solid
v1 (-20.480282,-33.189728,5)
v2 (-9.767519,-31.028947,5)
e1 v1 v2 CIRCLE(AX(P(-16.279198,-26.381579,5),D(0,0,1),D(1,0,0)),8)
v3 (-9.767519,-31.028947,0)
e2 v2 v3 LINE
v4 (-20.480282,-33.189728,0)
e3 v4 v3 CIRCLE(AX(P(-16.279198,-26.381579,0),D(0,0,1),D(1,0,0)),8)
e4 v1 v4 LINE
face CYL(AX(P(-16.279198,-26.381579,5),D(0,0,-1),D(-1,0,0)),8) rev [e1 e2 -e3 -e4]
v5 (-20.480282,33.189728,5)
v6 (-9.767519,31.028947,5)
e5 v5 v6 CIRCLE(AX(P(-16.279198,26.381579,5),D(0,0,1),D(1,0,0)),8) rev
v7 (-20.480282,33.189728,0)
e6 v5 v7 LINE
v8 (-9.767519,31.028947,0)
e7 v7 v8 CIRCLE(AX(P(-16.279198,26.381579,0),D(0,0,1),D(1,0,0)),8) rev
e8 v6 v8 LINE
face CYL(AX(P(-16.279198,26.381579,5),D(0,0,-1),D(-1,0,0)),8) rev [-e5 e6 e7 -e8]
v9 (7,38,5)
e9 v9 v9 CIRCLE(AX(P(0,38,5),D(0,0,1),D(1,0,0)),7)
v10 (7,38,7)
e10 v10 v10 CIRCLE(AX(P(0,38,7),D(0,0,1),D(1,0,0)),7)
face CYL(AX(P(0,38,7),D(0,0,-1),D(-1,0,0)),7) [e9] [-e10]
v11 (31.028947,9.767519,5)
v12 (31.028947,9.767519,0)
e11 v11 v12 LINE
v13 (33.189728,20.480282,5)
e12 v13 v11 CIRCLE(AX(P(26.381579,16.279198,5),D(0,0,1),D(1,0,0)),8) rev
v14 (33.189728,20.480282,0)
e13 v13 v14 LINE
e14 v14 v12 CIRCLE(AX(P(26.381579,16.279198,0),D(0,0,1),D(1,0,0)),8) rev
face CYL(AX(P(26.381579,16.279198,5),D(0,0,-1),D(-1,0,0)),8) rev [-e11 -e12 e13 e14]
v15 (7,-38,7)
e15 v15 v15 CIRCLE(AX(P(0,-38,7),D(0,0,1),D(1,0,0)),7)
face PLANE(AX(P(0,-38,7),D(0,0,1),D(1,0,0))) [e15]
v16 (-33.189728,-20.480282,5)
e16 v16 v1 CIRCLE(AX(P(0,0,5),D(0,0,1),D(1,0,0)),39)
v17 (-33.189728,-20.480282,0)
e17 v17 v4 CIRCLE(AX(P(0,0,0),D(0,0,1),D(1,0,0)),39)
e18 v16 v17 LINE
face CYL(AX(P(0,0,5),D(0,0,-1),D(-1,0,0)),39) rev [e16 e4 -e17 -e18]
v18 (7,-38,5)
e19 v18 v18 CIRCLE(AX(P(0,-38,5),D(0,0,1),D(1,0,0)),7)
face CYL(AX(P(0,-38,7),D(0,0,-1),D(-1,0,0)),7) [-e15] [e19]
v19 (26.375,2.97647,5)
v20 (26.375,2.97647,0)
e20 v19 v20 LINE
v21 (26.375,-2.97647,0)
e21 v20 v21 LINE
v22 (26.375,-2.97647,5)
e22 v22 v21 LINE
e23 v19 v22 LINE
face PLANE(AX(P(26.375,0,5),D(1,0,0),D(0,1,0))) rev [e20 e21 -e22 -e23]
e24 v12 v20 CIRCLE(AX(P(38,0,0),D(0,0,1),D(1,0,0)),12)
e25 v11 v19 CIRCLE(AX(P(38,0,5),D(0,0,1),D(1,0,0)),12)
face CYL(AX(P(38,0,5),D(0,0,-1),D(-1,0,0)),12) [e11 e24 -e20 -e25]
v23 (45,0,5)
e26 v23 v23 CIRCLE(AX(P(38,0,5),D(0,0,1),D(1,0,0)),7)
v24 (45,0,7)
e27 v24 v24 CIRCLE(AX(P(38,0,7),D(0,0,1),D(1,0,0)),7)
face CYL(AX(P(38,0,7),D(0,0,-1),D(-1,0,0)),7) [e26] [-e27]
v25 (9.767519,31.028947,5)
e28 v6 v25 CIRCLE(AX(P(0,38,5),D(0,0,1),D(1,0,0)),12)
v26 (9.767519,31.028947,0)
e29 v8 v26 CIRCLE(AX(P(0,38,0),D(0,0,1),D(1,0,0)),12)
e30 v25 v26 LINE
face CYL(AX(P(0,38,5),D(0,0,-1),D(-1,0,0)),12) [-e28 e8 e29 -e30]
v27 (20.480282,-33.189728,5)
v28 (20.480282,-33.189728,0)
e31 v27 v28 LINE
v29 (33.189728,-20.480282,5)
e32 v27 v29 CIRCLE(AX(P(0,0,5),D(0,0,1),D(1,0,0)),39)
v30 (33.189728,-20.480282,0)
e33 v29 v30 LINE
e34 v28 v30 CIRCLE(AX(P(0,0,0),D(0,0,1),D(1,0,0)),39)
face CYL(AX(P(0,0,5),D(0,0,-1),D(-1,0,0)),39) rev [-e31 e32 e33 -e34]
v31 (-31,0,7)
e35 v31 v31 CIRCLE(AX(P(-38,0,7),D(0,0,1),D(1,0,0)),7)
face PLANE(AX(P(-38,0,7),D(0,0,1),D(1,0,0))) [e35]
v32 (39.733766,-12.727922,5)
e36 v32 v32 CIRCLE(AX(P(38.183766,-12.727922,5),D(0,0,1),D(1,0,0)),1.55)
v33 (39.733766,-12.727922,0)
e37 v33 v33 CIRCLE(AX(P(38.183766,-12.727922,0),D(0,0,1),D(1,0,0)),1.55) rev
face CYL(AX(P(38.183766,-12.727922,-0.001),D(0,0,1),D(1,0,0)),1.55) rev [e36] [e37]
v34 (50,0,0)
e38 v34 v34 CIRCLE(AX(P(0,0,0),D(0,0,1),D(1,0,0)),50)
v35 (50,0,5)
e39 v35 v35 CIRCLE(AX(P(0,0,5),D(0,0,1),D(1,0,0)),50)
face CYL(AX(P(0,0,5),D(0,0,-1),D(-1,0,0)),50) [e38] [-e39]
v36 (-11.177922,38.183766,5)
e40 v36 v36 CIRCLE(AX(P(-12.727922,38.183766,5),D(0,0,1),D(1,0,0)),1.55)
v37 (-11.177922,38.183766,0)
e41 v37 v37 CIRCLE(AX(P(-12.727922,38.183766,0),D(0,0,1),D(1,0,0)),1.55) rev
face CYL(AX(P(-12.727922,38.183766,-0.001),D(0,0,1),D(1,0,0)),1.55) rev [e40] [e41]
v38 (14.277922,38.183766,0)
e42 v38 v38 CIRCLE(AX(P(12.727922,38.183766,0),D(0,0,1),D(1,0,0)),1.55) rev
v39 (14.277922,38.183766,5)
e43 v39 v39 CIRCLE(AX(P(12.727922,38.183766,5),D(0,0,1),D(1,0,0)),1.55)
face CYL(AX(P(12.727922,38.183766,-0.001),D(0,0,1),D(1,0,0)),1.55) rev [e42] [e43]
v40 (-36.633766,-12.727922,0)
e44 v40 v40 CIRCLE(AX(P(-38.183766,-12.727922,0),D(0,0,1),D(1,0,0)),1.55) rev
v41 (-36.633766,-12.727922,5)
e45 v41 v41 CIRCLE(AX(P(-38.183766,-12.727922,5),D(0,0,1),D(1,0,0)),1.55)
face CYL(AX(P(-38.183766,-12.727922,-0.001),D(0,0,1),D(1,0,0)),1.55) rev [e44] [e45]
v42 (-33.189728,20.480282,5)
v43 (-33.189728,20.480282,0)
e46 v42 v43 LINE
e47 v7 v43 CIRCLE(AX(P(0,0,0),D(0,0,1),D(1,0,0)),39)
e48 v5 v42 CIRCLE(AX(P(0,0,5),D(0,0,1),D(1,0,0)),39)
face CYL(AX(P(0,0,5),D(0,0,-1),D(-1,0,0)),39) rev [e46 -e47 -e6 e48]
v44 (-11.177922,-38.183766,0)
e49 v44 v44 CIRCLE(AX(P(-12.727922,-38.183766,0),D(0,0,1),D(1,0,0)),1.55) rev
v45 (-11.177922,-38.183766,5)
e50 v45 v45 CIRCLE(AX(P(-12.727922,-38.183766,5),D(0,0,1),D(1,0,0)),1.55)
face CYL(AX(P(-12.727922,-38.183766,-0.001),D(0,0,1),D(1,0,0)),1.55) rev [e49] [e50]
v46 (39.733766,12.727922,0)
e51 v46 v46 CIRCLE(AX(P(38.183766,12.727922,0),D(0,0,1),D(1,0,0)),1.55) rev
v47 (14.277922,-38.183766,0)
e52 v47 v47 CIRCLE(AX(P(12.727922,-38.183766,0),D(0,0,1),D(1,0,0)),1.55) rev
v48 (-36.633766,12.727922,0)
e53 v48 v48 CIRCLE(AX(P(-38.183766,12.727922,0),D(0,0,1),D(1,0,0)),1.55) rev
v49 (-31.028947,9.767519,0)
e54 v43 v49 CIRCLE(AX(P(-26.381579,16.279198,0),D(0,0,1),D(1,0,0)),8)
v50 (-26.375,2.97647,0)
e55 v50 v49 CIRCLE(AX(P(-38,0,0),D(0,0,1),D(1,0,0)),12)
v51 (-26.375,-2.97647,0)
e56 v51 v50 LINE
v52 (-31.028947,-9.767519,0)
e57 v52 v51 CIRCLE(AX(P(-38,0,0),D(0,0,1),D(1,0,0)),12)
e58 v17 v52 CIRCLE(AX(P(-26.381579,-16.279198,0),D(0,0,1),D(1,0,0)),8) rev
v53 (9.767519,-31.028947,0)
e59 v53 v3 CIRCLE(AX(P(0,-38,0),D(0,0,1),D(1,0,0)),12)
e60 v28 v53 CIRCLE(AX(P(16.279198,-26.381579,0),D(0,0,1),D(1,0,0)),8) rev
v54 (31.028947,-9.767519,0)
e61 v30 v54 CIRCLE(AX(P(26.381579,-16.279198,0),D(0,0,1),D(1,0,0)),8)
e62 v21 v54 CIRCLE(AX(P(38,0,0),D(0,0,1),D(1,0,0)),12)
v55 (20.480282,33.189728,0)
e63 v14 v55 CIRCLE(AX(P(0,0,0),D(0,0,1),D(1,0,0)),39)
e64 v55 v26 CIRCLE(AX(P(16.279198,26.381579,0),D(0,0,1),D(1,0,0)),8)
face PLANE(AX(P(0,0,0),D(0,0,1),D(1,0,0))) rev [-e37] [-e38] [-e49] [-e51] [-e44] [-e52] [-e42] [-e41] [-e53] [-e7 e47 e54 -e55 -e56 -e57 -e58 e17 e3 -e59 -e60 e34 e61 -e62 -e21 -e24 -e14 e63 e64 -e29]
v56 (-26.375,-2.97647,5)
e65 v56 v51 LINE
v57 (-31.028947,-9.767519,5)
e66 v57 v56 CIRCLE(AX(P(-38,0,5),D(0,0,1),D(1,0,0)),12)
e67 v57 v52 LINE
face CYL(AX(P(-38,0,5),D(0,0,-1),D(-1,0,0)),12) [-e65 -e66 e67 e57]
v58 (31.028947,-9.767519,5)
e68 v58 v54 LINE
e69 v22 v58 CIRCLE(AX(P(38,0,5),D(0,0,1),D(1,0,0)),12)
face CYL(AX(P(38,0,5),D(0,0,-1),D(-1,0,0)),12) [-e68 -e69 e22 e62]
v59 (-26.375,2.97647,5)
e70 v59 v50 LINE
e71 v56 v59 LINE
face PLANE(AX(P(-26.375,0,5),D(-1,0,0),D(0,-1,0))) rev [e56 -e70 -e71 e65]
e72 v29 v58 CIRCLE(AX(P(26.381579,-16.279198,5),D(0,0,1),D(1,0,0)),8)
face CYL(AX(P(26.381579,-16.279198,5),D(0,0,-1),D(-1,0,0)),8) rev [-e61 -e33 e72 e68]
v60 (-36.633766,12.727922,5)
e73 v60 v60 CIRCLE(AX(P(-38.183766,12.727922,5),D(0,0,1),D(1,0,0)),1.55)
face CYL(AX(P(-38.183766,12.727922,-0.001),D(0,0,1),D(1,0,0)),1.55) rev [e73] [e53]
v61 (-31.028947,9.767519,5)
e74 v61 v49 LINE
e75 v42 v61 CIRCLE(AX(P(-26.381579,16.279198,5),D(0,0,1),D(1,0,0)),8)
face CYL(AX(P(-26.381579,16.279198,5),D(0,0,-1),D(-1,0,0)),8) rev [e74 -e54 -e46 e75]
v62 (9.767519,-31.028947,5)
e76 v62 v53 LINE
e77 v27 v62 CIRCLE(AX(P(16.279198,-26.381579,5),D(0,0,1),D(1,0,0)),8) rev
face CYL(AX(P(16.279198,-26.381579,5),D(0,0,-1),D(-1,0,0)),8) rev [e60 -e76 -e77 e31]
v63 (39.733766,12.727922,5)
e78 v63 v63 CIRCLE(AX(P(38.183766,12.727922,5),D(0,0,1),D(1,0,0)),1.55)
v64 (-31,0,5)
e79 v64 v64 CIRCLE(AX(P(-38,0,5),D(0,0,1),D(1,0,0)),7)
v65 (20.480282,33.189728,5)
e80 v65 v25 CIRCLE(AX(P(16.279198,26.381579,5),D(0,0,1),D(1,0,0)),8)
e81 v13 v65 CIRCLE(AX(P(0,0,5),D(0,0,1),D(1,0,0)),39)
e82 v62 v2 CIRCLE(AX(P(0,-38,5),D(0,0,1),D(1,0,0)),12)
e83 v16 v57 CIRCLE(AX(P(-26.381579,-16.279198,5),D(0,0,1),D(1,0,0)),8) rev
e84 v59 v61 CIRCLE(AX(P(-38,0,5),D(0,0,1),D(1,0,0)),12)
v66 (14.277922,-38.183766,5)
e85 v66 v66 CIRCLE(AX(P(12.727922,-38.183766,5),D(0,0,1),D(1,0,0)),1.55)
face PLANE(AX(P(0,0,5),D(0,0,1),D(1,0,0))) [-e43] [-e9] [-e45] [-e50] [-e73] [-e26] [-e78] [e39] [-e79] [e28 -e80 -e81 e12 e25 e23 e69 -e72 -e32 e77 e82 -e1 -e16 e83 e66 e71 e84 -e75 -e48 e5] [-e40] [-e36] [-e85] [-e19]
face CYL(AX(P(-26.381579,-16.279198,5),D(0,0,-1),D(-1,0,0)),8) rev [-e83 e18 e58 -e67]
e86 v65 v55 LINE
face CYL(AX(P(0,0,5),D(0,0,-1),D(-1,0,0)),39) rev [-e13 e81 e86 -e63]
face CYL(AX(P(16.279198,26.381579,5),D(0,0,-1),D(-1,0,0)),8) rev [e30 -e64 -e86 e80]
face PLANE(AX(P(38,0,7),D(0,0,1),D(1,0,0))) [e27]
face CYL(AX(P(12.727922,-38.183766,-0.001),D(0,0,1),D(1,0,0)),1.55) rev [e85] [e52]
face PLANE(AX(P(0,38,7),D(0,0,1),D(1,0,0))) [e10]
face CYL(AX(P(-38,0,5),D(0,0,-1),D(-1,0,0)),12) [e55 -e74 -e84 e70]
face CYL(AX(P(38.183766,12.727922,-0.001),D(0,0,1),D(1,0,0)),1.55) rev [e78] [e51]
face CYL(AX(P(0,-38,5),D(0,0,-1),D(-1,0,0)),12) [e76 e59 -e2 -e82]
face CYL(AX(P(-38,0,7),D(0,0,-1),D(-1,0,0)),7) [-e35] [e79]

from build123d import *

# Parameters (mm, degrees)
SKETCH1_R           = 50
BOSS_EXTRUDE1_DEPTH = 5
SKETCH2_R           = 7
BOSS_EXTRUDE2_DEPTH = 2
CUT_EXTRUDE1_REACH  = 7
SKETCH3_R           = 1.55


with BuildPart() as part:
    # Sketch1 → Boss-Extrude1 (new body)
    with BuildSketch(Plane.XY):
        Circle(SKETCH1_R)
        with BuildLine():
            ThreePointArc((-31.028947368, -9.767518887), (-28.10136985, -6.783592054), (-26.375, -2.976470225))
            Line((-26.375, -2.976470225), (-26.375, 2.976470225))
            ThreePointArc((-26.375, 2.976470225), (-28.10136985, 6.783592054), (-31.028947368, 9.767518887))
            ThreePointArc((-31.028947368, 9.767518887), (-34.223647748, 14.6974406), (-33.189728353, 20.480281537))
            ThreePointArc((-33.189728353, 20.480281537), (-27.577164466, 27.577164466), (-20.480281537, 33.189728353))
            ThreePointArc((-20.480281537, 33.189728353), (-14.6974406, 34.223647748), (-9.767518887, 31.028947368))
            ThreePointArc((-9.767518887, 31.028947368), (0, 26), (9.767518887, 31.028947368))
            ThreePointArc((9.767518887, 31.028947368), (14.6974406, 34.223647748), (20.480281537, 33.189728353))
            ThreePointArc((20.480281537, 33.189728353), (27.577164466, 27.577164466), (33.189728353, 20.480281537))
            ThreePointArc((33.189728353, 20.480281537), (34.223647748, 14.6974406), (31.028947368, 9.767518887))
            ThreePointArc((31.028947368, 9.767518887), (28.10136985, 6.783592054), (26.375, 2.976470225))
            Line((26.375, 2.976470225), (26.375, -2.976470225))
            ThreePointArc((26.375, -2.976470225), (28.10136985, -6.783592054), (31.028947368, -9.767518887))
            ThreePointArc((31.028947368, -9.767518887), (34.223647748, -14.6974406), (33.189728353, -20.480281537))
            ThreePointArc((33.189728353, -20.480281537), (27.577164466, -27.577164466), (20.480281537, -33.189728353))
            ThreePointArc((20.480281537, -33.189728353), (14.6974406, -34.223647748), (9.767518887, -31.028947368))
            ThreePointArc((9.767518887, -31.028947368), (0, -26), (-9.767518887, -31.028947368))
            ThreePointArc((-9.767518887, -31.028947368), (-14.6974406, -34.223647748), (-20.480281537, -33.189728353))
            ThreePointArc((-20.480281537, -33.189728353), (-27.577164466, -27.577164466), (-33.189728353, -20.480281537))
            ThreePointArc((-33.189728353, -20.480281537), (-34.223647748, -14.6974406), (-31.028947368, -9.767518887))
        make_face(mode=Mode.SUBTRACT)
    extrude(amount=BOSS_EXTRUDE1_DEPTH)

    # Sketch2 → Boss-Extrude2 (add)
    with BuildSketch(Plane.XY.offset(5)):
        with Locations((-38, 0)):
            Circle(SKETCH2_R)
        with Locations((0, 38)):
            Circle(SKETCH2_R)
        with Locations((38, 0)):
            Circle(SKETCH2_R)
        with Locations((0, -38)):
            Circle(SKETCH2_R)
    extrude(amount=BOSS_EXTRUDE2_DEPTH)

    # Sketch3 → Cut-Extrude1 (cut, up to next)
    with BuildSketch(Plane.XY.offset(5), mode=Mode.PRIVATE) as cut_extrude1_sk1:
        with Locations((-12.727922061, 38.183766184)):
            Circle(SKETCH3_R)
    cut_extrude1_tool1 = extrude(cut_extrude1_sk1.sketch, amount=-CUT_EXTRUDE1_REACH, mode=Mode.PRIVATE) & part.part
    add(cut_extrude1_tool1.solids().sort_by_distance((-12.727922, 38.183766, 5))[0], mode=Mode.SUBTRACT)
    # Sketch3 → Cut-Extrude1 (cut, up to next)
    with BuildSketch(Plane.XY.offset(5), mode=Mode.PRIVATE) as cut_extrude1_sk2:
        with Locations((38.183766184, 12.727922061)):
            Circle(SKETCH3_R)
    cut_extrude1_tool2 = extrude(cut_extrude1_sk2.sketch, amount=-CUT_EXTRUDE1_REACH, mode=Mode.PRIVATE) & part.part
    add(cut_extrude1_tool2.solids().sort_by_distance((38.183766, 12.727922, 5))[0], mode=Mode.SUBTRACT)
    # Sketch3 → Cut-Extrude1 (cut, up to next)
    with BuildSketch(Plane.XY.offset(5), mode=Mode.PRIVATE) as cut_extrude1_sk3:
        with Locations((12.727922061, -38.183766184)):
            Circle(SKETCH3_R)
    cut_extrude1_tool3 = extrude(cut_extrude1_sk3.sketch, amount=-CUT_EXTRUDE1_REACH, mode=Mode.PRIVATE) & part.part
    add(cut_extrude1_tool3.solids().sort_by_distance((12.727922, -38.183766, 5))[0], mode=Mode.SUBTRACT)
    # Sketch3 → Cut-Extrude1 (cut, up to next)
    with BuildSketch(Plane.XY.offset(5), mode=Mode.PRIVATE) as cut_extrude1_sk4:
        with Locations((-38.183766184, -12.727922061)):
            Circle(SKETCH3_R)
    cut_extrude1_tool4 = extrude(cut_extrude1_sk4.sketch, amount=-CUT_EXTRUDE1_REACH, mode=Mode.PRIVATE) & part.part
    add(cut_extrude1_tool4.solids().sort_by_distance((-38.183766, -12.727922, 5))[0], mode=Mode.SUBTRACT)
    # Sketch3 → Cut-Extrude1 (cut, up to next)
    with BuildSketch(Plane.XY.offset(5), mode=Mode.PRIVATE) as cut_extrude1_sk5:
        with Locations((-38.183766184, 12.727922061)):
            Circle(SKETCH3_R)
    cut_extrude1_tool5 = extrude(cut_extrude1_sk5.sketch, amount=-CUT_EXTRUDE1_REACH, mode=Mode.PRIVATE) & part.part
    add(cut_extrude1_tool5.solids().sort_by_distance((-38.183766, 12.727922, 5))[0], mode=Mode.SUBTRACT)
    # Sketch3 → Cut-Extrude1 (cut, up to next)
    with BuildSketch(Plane.XY.offset(5), mode=Mode.PRIVATE) as cut_extrude1_sk6:
        with Locations((12.727922061, 38.183766184)):
            Circle(SKETCH3_R)
    cut_extrude1_tool6 = extrude(cut_extrude1_sk6.sketch, amount=-CUT_EXTRUDE1_REACH, mode=Mode.PRIVATE) & part.part
    add(cut_extrude1_tool6.solids().sort_by_distance((12.727922, 38.183766, 5))[0], mode=Mode.SUBTRACT)
    # Sketch3 → Cut-Extrude1 (cut, up to next)
    with BuildSketch(Plane.XY.offset(5), mode=Mode.PRIVATE) as cut_extrude1_sk7:
        with Locations((38.183766184, -12.727922061)):
            Circle(SKETCH3_R)
    cut_extrude1_tool7 = extrude(cut_extrude1_sk7.sketch, amount=-CUT_EXTRUDE1_REACH, mode=Mode.PRIVATE) & part.part
    add(cut_extrude1_tool7.solids().sort_by_distance((38.183766, -12.727922, 5))[0], mode=Mode.SUBTRACT)
    # Sketch3 → Cut-Extrude1 (cut, up to next)
    with BuildSketch(Plane.XY.offset(5), mode=Mode.PRIVATE) as cut_extrude1_sk8:
        with Locations((-12.727922061, -38.183766184)):
            Circle(SKETCH3_R)
    cut_extrude1_tool8 = extrude(cut_extrude1_sk8.sketch, amount=-CUT_EXTRUDE1_REACH, mode=Mode.PRIVATE) & part.part
    add(cut_extrude1_tool8.solids().sort_by_distance((-12.727922, -38.183766, 5))[0], mode=Mode.SUBTRACT)


solid = part.part
